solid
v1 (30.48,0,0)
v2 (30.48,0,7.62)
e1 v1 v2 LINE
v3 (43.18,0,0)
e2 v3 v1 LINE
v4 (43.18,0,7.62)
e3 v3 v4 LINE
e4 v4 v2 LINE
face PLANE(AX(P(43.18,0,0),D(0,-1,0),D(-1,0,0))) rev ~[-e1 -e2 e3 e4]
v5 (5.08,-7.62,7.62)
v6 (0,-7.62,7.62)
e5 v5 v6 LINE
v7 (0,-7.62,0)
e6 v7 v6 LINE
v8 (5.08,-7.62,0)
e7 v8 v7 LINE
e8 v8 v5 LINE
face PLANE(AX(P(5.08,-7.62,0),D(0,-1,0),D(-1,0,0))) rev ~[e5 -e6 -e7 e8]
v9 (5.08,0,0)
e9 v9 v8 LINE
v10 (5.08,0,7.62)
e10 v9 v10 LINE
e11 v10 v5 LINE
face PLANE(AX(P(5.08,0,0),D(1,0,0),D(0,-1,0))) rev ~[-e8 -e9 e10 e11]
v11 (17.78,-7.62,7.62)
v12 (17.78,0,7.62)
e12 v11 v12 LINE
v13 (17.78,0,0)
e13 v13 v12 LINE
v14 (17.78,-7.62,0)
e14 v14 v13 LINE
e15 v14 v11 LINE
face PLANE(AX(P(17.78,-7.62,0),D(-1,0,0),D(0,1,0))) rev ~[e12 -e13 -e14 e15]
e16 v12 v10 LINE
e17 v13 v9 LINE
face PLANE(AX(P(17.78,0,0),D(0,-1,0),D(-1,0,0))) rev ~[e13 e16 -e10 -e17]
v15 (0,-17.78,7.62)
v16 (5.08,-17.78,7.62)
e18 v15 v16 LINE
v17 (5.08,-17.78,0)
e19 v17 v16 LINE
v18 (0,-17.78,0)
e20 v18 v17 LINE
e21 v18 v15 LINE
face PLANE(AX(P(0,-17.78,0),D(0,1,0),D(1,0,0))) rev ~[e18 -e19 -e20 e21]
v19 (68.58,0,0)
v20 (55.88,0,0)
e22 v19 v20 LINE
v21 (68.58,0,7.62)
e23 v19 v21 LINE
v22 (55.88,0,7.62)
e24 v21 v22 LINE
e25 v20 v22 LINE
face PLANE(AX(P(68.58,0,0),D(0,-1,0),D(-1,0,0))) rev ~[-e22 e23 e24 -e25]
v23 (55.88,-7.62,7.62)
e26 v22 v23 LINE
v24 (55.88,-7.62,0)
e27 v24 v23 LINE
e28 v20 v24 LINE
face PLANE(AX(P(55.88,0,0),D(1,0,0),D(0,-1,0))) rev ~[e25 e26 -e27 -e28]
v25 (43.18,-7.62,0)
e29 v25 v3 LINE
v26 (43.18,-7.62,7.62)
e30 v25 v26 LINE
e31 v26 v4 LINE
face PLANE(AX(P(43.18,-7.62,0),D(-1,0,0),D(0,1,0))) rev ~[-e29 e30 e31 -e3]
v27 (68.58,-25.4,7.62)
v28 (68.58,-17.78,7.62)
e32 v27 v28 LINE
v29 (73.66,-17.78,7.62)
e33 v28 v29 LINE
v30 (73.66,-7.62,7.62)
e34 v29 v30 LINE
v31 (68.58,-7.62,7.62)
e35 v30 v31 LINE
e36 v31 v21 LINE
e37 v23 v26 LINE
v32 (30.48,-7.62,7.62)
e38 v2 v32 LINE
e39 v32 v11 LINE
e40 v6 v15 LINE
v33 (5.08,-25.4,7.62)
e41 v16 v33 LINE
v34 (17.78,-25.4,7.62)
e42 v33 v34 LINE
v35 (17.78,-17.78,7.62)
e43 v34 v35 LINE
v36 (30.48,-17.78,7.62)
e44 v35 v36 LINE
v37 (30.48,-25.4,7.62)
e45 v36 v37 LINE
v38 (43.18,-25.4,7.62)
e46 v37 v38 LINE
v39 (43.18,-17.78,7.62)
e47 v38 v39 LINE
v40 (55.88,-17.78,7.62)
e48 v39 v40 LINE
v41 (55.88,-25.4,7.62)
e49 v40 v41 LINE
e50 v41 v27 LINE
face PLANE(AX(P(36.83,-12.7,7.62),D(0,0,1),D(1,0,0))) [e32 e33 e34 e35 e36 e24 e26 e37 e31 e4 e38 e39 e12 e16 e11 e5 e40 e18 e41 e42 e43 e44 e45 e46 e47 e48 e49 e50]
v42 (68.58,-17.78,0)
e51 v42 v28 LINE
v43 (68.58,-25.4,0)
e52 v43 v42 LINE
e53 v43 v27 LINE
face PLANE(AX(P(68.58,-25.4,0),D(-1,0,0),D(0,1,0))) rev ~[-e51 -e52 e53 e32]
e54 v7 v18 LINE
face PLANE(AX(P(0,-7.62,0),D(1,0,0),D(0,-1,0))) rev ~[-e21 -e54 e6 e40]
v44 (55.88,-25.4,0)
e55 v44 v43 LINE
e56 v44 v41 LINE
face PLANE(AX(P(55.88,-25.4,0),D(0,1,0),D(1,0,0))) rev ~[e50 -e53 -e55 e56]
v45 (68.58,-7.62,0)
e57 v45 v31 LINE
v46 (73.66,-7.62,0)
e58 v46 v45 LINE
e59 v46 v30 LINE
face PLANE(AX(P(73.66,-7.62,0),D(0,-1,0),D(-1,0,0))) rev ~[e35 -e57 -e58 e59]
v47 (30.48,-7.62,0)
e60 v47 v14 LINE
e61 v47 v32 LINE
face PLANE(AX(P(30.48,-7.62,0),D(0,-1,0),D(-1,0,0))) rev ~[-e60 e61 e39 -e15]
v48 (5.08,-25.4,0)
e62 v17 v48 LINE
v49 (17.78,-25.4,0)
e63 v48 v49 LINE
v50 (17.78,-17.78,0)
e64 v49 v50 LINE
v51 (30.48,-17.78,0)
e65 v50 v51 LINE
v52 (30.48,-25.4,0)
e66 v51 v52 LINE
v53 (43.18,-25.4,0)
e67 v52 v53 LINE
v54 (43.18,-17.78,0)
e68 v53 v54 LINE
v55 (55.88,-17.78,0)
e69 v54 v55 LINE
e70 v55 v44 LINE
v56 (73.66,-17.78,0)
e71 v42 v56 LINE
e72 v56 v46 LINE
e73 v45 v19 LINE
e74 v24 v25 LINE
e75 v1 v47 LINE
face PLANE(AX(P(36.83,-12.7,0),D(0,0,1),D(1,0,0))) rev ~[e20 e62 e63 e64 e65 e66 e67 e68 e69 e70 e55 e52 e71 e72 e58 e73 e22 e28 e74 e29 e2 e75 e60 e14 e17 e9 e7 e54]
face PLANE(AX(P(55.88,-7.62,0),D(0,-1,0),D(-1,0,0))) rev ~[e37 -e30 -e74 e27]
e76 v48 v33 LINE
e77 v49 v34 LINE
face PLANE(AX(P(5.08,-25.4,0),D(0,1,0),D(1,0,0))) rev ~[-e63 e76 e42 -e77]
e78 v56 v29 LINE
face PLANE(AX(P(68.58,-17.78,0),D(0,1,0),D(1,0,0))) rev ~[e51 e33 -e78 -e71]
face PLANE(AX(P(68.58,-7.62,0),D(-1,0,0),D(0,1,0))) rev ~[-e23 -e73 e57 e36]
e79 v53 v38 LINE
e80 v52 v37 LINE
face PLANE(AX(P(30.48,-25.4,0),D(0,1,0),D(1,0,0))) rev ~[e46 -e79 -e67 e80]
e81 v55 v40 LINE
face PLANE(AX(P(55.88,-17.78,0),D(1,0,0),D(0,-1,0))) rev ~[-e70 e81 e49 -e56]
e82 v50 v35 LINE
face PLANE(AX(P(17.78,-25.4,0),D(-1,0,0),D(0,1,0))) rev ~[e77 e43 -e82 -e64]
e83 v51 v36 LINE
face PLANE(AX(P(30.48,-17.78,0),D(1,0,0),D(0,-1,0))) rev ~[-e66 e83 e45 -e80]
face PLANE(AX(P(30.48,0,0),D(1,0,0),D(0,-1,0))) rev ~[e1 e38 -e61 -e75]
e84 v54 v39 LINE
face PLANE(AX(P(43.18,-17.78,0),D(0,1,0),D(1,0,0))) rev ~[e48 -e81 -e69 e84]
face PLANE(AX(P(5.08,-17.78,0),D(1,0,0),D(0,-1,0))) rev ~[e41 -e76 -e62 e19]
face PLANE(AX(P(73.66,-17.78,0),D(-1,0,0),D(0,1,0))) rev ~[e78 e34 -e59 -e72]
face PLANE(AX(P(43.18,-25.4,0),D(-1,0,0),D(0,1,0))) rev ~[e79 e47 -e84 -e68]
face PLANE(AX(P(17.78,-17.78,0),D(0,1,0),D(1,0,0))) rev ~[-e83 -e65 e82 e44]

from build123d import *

# Parameters (mm, degrees)
F1_DEPTH = 7.62


with BuildPart() as f1:
    # F0 (on Top) → F1 (new body)
    with BuildSketch(Plane.XY):
        Polygon((17.78, 0), (5.08, 0), (5.08, -7.62), (0, -7.62), (0, -17.78), (5.08, -17.78), (5.08, -25.4), (17.78, -25.4), (17.78, -17.78), (30.48, -17.78), (30.48, -25.4), (43.18, -25.4), (43.18, -17.78), (55.88, -17.78), (55.88, -25.4), (68.58, -25.4), (68.58, -17.78), (73.66, -17.78), (73.66, -7.62), (68.58, -7.62), (68.58, 0), (55.88, 0), (55.88, -7.62), (43.18, -7.62), (43.18, 0), (30.48, 0), (30.48, -7.62), (17.78, -7.62), align=None)
    extrude(amount=F1_DEPTH)


solid = f1.part
